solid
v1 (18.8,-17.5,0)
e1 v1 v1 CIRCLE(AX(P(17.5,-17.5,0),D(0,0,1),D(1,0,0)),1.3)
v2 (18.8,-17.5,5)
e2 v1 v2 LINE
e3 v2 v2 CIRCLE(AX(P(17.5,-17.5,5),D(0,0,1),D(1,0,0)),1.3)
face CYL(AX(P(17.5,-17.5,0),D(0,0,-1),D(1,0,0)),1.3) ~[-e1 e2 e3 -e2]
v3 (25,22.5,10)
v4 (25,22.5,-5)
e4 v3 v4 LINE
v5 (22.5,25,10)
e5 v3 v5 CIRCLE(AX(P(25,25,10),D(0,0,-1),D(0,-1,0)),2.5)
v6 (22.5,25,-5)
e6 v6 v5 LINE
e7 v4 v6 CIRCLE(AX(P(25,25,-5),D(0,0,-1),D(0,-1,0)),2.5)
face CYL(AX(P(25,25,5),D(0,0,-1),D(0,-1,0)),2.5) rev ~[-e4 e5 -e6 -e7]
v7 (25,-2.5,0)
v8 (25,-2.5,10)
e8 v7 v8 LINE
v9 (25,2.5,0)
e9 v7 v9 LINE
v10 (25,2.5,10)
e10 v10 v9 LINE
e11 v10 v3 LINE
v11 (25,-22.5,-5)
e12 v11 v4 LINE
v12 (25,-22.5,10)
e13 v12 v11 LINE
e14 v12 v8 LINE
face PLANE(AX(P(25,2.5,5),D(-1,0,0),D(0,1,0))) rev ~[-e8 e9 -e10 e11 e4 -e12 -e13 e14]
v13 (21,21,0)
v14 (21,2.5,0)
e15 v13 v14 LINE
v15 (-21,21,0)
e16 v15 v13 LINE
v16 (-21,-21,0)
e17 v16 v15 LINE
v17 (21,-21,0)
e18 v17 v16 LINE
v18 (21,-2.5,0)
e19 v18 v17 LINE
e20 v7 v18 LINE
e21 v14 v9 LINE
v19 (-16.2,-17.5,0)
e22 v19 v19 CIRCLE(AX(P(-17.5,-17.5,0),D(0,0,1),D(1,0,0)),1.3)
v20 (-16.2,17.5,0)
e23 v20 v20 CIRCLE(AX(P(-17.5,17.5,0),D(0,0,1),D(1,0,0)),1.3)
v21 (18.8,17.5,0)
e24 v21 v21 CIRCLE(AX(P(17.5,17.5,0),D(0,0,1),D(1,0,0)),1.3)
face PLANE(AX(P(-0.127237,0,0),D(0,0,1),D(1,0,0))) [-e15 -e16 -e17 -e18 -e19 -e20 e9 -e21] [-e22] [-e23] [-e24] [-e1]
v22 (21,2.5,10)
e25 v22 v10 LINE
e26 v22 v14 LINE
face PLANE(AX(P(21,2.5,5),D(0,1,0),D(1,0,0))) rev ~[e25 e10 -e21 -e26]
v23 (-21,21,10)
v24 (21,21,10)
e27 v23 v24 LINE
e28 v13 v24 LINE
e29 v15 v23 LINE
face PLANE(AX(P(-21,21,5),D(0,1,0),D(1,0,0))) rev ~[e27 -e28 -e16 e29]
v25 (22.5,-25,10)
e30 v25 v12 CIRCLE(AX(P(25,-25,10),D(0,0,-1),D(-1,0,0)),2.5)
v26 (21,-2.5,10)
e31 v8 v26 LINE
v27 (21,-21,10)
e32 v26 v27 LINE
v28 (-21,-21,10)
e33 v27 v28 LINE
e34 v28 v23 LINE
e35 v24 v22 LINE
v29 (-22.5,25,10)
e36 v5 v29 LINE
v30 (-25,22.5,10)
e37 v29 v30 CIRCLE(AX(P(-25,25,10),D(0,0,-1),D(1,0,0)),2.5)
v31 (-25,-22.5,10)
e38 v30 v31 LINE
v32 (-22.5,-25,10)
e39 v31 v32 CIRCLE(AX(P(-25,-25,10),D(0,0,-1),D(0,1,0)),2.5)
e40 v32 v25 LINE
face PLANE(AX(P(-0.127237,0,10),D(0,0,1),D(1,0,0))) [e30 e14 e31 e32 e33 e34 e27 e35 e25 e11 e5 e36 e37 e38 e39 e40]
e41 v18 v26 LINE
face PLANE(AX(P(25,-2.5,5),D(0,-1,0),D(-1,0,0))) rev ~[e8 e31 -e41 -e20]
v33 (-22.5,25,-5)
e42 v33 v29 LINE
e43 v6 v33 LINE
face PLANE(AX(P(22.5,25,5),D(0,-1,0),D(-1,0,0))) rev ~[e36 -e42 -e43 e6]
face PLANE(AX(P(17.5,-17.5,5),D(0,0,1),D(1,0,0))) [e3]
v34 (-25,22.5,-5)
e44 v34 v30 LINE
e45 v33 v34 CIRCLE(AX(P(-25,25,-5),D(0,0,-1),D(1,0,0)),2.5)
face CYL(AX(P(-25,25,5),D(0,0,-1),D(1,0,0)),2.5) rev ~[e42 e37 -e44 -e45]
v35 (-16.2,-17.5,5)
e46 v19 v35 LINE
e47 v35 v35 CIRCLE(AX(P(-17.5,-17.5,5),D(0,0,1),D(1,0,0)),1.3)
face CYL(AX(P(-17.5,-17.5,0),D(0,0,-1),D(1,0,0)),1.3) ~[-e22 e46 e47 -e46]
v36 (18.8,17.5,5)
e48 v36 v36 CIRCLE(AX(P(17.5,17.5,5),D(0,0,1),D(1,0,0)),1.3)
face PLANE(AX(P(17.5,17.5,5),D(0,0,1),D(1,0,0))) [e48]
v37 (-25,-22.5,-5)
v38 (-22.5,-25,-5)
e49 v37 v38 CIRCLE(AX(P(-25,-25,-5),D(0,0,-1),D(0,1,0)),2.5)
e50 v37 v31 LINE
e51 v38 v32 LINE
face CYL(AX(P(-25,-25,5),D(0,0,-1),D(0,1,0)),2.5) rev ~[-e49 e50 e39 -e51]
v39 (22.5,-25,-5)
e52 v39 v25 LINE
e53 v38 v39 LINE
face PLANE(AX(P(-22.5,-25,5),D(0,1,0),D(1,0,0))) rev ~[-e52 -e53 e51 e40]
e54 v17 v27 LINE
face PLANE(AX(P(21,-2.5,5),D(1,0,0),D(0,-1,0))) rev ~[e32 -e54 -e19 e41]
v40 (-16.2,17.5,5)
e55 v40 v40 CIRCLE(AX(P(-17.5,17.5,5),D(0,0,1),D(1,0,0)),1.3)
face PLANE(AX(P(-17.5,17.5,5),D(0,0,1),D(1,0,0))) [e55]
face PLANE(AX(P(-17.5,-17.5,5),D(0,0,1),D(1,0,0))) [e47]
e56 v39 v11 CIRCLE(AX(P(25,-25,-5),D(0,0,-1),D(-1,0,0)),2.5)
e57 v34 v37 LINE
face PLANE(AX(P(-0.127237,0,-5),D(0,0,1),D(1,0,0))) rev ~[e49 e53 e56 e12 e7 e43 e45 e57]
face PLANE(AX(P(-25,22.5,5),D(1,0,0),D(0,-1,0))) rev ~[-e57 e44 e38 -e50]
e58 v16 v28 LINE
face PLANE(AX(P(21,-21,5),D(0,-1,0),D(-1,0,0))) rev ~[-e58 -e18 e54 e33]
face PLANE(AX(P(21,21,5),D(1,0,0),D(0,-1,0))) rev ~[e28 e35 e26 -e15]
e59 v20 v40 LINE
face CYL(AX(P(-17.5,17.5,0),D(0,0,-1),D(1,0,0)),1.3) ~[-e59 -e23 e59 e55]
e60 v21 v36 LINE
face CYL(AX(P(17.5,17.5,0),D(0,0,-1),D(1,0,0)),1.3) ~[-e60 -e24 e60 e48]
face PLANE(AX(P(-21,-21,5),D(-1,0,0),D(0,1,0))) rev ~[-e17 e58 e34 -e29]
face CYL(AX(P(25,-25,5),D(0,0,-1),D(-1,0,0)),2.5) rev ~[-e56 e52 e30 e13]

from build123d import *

# Parameters (mm, degrees)
F1_DEPTH = 5
F0_R     = 1.3
F3_DEPTH = 5
F4_DEPTH = 5


with BuildPart() as f1:
    # F0 (on Top) → F1 (new body)
    with BuildSketch(Plane.XY):
        with BuildLine():
            ThreePointArc((25, 22.5), (23.232233047, 23.232233047), (22.5, 25))
            Line((22.5, 25), (-22.5, 25))
            ThreePointArc((-22.5, 25), (-23.232233047, 23.232233047), (-25, 22.5))
            Line((-25, 22.5), (-25, -22.5))
            ThreePointArc((-25, -22.5), (-23.232233047, -23.232233047), (-22.5, -25))
            Line((-22.5, -25), (22.5, -25))
            ThreePointArc((22.5, -25), (23.232233047, -23.232233047), (25, -22.5))
            Line((25, -22.5), (25, -2.5))
            Line((25, -2.5), (21, -2.5))
            Line((21, -2.5), (21, -21))
            Line((21, -21), (-21, -21))
            Line((-21, -21), (-21, 21))
            Line((-21, 21), (21, 21))
            Line((21, 21), (21, 2.5))
            Line((21, 2.5), (25, 2.5))
            Line((25, 2.5), (25, 22.5))
        make_face()
    extrude(amount=F1_DEPTH)



with BuildPart() as f1b:
    # F0 (on Top) → F1, piece 2 (new body)
    with BuildSketch(Plane.XY):
        with Locations((-17.5, 17.5)):
            Circle(F0_R)
    extrude(amount=F1_DEPTH)


with BuildPart() as f1c:
    # F0 (on Top) → F1, piece 3 (new body)
    with BuildSketch(Plane.XY):
        with Locations((-17.5, -17.5)):
            Circle(F0_R)
    extrude(amount=F1_DEPTH)


with BuildPart() as f1d:
    # F0 (on Top) → F1, piece 4 (new body)
    with BuildSketch(Plane.XY):
        with Locations((17.5, -17.5)):
            Circle(F0_R)
    extrude(amount=F1_DEPTH)


with BuildPart() as f1e:
    # F0 (on Top) → F1, piece 5 (new body)
    with BuildSketch(Plane.XY):
        with Locations((17.5, 17.5)):
            Circle(F0_R)
    extrude(amount=F1_DEPTH)


with BuildPart() as f1_1:
    add(f1.part)

    add(f1b.part)  # F3 merges F1b

    add(f1c.part)  # F3 merges F1c

    add(f1d.part)  # F3 merges F1d

    add(f1e.part)  # F3 merges F1e
    # F2 (on face) → F3 (join)
    with BuildSketch(Plane.XY):
        with BuildLine():
            Line((-22.5, -25), (22.5, -25))
            ThreePointArc((22.5, -25), (23.232233047, -23.232233047), (25, -22.5))
            Line((25, -22.5), (25, -2.5))
            Line((25, -2.5), (21, -2.5))
            Line((21, -2.5), (21, -21))
            Line((21, -21), (-21, -21))
            Line((-21, -21), (-21, 21))
            Line((-21, 21), (21, 21))
            Line((21, 21), (21, 2.5))
            Line((21, 2.5), (25, 2.5))
            Line((25, 2.5), (25, 22.5))
            ThreePointArc((25, 22.5), (23.232233047, 23.232233047), (22.5, 25))
            Line((22.5, 25), (-22.5, 25))
            ThreePointArc((-22.5, 25), (-23.232233047, 23.232233047), (-25, 22.5))
            Line((-25, 22.5), (-25, -22.5))
            ThreePointArc((-25, -22.5), (-23.232233047, -23.232233047), (-22.5, -25))
        make_face()
        Polygon((21, -2.5), (25, -2.5), (25, 2.5), (21, 2.5), (21, 21), (-21, 21), (-21, -21), (21, -21), align=None)
    extrude(amount=-F3_DEPTH)

    # F4 (add): a face of the model
    f4_faces = [f1_1.faces().sort_by_distance(p)[0] for p in [
        (22.732233047, 22.732233047, 5),
    ]]
    extrude(f4_faces, amount=F4_DEPTH)


solid = f1_1.part
